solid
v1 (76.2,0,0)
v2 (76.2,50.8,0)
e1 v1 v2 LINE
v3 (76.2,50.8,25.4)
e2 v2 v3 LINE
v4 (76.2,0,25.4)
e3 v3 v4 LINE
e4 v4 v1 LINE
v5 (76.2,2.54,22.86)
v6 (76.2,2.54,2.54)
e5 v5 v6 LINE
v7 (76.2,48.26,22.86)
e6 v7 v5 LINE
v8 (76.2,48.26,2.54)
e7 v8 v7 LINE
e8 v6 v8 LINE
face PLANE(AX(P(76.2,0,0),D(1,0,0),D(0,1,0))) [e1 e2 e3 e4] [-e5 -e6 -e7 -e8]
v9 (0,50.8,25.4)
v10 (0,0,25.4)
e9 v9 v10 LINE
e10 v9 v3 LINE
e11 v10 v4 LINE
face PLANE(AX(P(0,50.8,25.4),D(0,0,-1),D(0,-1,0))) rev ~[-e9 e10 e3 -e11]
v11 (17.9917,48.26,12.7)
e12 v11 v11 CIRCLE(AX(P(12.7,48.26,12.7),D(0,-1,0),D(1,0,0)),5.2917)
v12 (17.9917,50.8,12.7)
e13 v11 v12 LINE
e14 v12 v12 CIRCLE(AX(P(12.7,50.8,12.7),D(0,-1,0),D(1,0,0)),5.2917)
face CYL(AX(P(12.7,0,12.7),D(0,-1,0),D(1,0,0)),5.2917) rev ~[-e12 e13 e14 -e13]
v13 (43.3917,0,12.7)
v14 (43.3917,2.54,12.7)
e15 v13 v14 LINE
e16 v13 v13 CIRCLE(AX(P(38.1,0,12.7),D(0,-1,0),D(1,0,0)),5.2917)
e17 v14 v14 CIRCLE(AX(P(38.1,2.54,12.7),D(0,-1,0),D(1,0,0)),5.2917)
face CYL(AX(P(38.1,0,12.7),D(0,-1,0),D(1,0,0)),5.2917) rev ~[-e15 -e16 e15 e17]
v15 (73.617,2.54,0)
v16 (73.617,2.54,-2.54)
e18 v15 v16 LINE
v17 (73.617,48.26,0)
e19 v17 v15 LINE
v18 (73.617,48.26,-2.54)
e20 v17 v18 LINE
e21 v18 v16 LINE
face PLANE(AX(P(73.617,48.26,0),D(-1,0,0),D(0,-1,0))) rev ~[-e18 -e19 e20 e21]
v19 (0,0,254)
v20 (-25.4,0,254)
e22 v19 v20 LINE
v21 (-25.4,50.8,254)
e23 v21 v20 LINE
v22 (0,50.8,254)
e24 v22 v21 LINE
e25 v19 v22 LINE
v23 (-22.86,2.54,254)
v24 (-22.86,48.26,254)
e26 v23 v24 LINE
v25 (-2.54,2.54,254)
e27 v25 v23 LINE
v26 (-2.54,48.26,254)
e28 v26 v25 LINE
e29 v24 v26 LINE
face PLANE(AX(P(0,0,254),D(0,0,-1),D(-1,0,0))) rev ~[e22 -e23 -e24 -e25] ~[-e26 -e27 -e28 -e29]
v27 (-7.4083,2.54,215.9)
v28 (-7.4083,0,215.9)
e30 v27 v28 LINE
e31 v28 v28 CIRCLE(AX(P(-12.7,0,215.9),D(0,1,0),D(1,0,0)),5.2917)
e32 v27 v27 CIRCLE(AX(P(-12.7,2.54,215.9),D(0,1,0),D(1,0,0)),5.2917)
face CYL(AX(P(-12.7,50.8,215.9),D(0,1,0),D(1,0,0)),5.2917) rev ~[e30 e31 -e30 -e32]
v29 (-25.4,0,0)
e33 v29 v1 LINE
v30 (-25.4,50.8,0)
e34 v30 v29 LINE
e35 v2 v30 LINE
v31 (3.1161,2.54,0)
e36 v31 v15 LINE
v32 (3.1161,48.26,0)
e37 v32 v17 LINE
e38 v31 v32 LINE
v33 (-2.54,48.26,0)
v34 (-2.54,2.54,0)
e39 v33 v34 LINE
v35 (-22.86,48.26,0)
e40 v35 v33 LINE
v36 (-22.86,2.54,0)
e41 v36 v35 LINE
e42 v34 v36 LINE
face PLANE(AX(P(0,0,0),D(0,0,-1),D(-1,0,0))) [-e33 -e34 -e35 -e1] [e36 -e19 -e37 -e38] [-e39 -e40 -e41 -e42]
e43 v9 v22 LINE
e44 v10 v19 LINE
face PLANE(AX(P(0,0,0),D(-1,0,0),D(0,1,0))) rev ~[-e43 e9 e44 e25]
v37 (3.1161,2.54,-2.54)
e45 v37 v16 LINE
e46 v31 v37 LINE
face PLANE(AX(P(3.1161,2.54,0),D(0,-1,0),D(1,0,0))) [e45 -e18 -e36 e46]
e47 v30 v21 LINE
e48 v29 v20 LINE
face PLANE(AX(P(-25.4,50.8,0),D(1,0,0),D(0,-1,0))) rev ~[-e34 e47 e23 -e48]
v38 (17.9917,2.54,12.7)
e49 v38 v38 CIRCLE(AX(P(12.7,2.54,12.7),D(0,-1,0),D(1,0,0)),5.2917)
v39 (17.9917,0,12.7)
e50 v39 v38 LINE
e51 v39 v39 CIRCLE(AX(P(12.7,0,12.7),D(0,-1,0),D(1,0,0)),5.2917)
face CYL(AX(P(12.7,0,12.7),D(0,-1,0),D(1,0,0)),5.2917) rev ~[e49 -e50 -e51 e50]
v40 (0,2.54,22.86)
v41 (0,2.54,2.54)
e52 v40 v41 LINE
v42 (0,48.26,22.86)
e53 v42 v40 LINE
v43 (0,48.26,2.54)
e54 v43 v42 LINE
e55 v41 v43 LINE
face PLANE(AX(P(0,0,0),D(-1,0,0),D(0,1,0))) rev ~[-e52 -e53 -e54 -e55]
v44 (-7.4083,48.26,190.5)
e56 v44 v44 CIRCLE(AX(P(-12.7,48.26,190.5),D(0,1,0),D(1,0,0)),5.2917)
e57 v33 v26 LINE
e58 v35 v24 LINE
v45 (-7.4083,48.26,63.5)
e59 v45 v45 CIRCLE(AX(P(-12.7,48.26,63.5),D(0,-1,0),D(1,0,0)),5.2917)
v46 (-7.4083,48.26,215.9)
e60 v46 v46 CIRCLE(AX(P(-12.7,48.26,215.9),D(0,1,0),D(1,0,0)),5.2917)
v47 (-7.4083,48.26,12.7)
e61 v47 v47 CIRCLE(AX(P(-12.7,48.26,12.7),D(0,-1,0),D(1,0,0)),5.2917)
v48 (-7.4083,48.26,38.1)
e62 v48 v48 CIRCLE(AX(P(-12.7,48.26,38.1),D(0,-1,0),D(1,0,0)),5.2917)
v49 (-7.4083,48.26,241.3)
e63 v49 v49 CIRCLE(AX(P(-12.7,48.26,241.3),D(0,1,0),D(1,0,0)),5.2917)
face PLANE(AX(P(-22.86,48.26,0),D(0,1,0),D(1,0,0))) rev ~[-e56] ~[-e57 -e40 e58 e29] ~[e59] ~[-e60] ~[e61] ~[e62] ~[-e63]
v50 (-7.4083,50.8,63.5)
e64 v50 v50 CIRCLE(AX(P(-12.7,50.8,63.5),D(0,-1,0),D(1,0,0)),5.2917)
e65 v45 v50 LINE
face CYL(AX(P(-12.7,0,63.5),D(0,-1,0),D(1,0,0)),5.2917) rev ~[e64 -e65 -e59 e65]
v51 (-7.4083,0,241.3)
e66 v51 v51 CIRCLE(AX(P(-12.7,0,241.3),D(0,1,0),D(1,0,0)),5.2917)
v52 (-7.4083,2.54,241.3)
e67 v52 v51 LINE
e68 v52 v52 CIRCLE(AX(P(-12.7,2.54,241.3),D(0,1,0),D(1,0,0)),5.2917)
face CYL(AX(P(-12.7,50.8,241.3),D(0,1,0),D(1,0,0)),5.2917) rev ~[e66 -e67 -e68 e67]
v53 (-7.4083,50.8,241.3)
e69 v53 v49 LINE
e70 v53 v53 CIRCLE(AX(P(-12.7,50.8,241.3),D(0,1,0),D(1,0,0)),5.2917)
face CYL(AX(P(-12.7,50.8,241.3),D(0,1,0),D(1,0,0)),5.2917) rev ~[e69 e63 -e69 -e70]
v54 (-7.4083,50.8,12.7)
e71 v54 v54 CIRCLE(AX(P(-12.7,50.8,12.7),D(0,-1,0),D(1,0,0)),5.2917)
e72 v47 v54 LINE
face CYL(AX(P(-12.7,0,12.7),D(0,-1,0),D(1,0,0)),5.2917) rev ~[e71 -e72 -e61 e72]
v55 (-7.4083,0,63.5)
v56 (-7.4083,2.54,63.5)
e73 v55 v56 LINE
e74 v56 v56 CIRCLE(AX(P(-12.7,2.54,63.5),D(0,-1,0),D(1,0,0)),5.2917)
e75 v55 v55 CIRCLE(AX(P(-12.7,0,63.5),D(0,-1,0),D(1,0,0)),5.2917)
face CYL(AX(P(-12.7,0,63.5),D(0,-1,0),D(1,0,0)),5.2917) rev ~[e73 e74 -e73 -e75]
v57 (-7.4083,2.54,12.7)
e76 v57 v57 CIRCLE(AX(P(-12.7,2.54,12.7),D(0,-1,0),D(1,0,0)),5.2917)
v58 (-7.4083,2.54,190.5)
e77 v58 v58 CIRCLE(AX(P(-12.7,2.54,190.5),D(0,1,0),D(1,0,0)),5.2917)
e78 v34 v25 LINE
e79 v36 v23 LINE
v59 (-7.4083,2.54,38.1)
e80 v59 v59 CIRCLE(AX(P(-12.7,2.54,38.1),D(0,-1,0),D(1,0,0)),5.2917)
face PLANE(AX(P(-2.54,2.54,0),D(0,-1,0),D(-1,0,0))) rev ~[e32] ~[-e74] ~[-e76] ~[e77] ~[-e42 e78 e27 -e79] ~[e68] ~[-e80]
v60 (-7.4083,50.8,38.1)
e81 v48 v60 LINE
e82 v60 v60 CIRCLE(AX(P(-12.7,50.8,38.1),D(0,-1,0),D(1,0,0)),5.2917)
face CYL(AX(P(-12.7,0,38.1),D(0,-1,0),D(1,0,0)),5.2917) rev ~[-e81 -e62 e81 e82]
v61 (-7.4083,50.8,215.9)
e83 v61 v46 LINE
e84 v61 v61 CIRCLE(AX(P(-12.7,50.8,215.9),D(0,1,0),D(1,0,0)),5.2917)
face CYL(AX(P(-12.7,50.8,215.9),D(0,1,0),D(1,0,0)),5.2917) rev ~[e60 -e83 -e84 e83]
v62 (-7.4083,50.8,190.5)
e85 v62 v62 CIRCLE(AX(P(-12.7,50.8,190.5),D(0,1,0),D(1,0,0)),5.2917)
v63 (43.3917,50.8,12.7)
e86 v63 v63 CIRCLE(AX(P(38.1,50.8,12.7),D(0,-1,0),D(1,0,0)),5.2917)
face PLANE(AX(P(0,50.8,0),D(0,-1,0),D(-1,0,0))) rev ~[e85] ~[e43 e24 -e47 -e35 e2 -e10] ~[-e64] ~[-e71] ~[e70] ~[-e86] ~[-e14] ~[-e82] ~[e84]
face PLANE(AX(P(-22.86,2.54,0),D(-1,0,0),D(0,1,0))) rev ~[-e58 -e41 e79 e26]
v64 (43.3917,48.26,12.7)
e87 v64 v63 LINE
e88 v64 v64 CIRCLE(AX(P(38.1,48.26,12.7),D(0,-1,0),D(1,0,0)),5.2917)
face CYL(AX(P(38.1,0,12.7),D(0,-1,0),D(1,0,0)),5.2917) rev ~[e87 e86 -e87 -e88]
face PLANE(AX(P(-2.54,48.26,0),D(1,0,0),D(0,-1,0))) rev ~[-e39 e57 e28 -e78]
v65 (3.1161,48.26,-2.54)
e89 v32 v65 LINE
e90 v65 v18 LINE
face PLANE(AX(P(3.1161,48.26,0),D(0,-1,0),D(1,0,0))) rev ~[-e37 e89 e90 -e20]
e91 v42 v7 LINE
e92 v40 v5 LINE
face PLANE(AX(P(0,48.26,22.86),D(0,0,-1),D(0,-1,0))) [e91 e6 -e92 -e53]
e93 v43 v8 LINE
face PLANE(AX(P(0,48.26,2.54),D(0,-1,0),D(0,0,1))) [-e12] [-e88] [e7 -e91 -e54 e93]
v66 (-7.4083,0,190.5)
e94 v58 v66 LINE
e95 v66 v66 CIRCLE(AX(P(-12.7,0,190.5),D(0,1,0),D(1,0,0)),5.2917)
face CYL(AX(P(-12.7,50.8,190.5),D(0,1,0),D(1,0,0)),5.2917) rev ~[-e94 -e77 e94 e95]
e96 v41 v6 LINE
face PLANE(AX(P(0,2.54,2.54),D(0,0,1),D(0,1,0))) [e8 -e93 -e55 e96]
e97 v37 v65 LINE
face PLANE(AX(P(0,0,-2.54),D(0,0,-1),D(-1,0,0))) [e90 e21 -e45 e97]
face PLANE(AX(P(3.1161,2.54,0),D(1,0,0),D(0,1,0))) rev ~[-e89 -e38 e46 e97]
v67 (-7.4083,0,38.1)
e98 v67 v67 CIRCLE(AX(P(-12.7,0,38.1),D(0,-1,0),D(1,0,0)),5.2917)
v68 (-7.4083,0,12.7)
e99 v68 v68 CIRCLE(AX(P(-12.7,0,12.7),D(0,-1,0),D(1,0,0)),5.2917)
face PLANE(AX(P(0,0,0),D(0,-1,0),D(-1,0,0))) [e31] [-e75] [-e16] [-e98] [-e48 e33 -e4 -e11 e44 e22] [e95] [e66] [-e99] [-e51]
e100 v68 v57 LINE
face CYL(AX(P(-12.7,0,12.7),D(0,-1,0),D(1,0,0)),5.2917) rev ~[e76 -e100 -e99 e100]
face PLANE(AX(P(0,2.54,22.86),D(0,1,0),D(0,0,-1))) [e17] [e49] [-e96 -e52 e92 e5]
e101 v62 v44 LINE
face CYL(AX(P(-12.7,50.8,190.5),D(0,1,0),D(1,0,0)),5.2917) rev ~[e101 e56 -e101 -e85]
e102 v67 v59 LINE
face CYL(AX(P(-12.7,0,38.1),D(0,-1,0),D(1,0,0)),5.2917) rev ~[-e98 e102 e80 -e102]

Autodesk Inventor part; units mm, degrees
ref_plane "YZ Plane" through (0, 0, 0) normal (1, 0, 0) x (0, 1, 0)
ref_plane "XZ Plane" through (0, 0, 0) normal (0, 1, 0) x (-1, 0, 0)
ref_plane "XY Plane" through (0, 0, 0) normal (0, 0, 1) x (1, 0, 0)
sketch "Sketch15" plane through (0, 0, 0) normal (1, 0, 0) x (0, 1, 0)
  line L0 (0, 0) -> (50.8, 0)
  line L1 (50.8, 0) -> (50.8, 25.4)
  line L2 (50.8, 25.4) -> (0, 25.4)
  line L3 (0, 25.4) -> (0, 0)
  line L4 (48.26, 22.86) -> (2.54, 22.86)
  line L5 (2.54, 22.86) -> (2.54, 2.54)
  line L6 (2.54, 2.54) -> (48.26, 2.54)
  line L7 (48.26, 2.54) -> (48.26, 22.86)
  dimension "d46" = 25.4
  dimension "d47" = 50.8
  dimension "d48" = 2.54
  dimension "d49" = 2.54
  dimension "d50" = 2.54
  dimension "d51" = 2.54
extrude "Extrusion12" add sketch "Sketch15" along normal blind 76.2
sketch "Sketch17" plane through (0, 0, 0) normal (0, 0, -1) x (-1, 0, 0)
  line L0 (0, 2.54) -> (-76.2, 2.54) projected
  line L1 (0, 48.26) -> (-76.2, 48.26) projected
  line L2 (-73.617, 2.54) -> (-3.1161, 2.54)
  line L3 (-3.1161, 2.54) -> (-3.1161, 48.26)
  line L4 (-3.1161, 48.26) -> (-73.617, 48.26)
  line L5 (-73.617, 48.26) -> (-73.617, 2.54)
  point P0 (0, 0)
extrude "Extrusion14" add sketch "Sketch17" along normal blind 2.54
sketch "Sketch20" plane through (0, 0, 0) normal (0, 0, -1) x (-1, 0, 0)
  line L0 (0, 0) -> (25.4, 0)
  line L1 (25.4, 0) -> (0, 0)
  line L2 (0, 0) -> (0, 50.8)
  line L3 (0, 50.8) -> (25.4, 50.8)
  line L4 (25.4, 50.8) -> (25.4, 0)
  line L5 (22.86, 48.26) -> (2.54, 48.26)
  line L6 (2.54, 48.26) -> (2.54, 2.54)
  line L7 (2.54, 2.54) -> (22.86, 2.54)
  line L8 (22.86, 2.54) -> (22.86, 48.26)
  line L9 (0, 0) -> (0, 50.8) projected
  dimension "d71" = 25.4
  dimension "d72" = 50.8
  dimension "d73" = 2.54
  dimension "d74" = 2.54
  dimension "d75" = 2.54
  dimension "d76" = 2.54
  dimension "d78" = 0
extrude "Extrusion16" add sketch "Sketch20" against normal blind 254
sketch "Sketch21" plane through (76.2, 0, 0) normal (0, -1, 0) x (1, 0, 0)
  circle A0 centre (-38.1, 12.7) radius 5.2917
  circle A1 centre (-63.5, 12.7) radius 5.2917
  circle A2 centre (-88.9, 12.7) radius 5.2917
  circle A3 centre (-88.9, 38.1) radius 5.2917
  circle A4 centre (-88.9, 63.5) radius 5.2917
  line L0 (-76.2, 25.4) -> (0, 25.4) projected
  line L1 (-101.6, 0) -> (-101.6, 254) projected
  line L2 (-76.2, 25.4) -> (-76.2, 254) projected
  point P0 (-76.2, 0)
  dimension "d81" = 12.7
  dimension "d82" = 12.7
  dimension "d83" = 12.7
  dimension "d84" = 25.4
  dimension "d85" = 12.7
  dimension "d86" = 10.5833
  dimension "d87" = 10.5833
  dimension "d88" = 10.5833
  dimension "d89" = 25.4
  dimension "d90" = 25.4
  dimension "d91" = 25.4
  dimension "d92" = 10.5833
  dimension "d93" = 10.5833
  dimension "d94" = 12.7
  dimension "d95" = 12.7
extrude "Extrusion17" cut sketch "Sketch21" against normal blind 76.2
sketch "Sketch22" plane through (76.2, 50.8, 25.4) normal (0, 1, 0) x (1, 0, 0)
  circle A0 centre (-88.9, -215.9) radius 5.2917
  circle A1 centre (-88.9, -190.5) radius 5.2917
  circle A2 centre (-88.9, -165.1) radius 5.2917
  line L0 (-76.2, 0) -> (-76.2, -228.6) projected
  line L1 (-76.2, -228.6) -> (-101.6, -228.6) projected
  point P0 (-76.2, 25.4)
  dimension "d98" = 25.4
  dimension "d99" = 25.4
  dimension "d100" = 12.7
  dimension "d101" = 12.7
  dimension "d102" = 12.7
  dimension "d103" = 10.5833
  dimension "d104" = 10.5833
  dimension "d105" = 10.5833
  dimension "d108" = 12.7
extrude "Extrusion18" cut sketch "Sketch22" against normal blind 76.2
equation "\"d49\" = d48"
equation "\"d50\" = d48"
equation "\"d51\" = d48"
equation "\"d73\" = d77"
equation "\"d74\" = d77"
equation "\"d75\" = d77"
equation "\"d76\" = d77"
equation "\"d87\" = d86"
equation "\"d88\" = d86"
equation "\"d92\" = d86"
equation "\"d93\" = d86"
equation "\"d101\" = d100"
equation "\"d102\" = d100"
equation "\"d104\" = d103"
equation "\"d105\" = d103"
equation "\"d77\" = 2.54"
properties part number "left arm"
